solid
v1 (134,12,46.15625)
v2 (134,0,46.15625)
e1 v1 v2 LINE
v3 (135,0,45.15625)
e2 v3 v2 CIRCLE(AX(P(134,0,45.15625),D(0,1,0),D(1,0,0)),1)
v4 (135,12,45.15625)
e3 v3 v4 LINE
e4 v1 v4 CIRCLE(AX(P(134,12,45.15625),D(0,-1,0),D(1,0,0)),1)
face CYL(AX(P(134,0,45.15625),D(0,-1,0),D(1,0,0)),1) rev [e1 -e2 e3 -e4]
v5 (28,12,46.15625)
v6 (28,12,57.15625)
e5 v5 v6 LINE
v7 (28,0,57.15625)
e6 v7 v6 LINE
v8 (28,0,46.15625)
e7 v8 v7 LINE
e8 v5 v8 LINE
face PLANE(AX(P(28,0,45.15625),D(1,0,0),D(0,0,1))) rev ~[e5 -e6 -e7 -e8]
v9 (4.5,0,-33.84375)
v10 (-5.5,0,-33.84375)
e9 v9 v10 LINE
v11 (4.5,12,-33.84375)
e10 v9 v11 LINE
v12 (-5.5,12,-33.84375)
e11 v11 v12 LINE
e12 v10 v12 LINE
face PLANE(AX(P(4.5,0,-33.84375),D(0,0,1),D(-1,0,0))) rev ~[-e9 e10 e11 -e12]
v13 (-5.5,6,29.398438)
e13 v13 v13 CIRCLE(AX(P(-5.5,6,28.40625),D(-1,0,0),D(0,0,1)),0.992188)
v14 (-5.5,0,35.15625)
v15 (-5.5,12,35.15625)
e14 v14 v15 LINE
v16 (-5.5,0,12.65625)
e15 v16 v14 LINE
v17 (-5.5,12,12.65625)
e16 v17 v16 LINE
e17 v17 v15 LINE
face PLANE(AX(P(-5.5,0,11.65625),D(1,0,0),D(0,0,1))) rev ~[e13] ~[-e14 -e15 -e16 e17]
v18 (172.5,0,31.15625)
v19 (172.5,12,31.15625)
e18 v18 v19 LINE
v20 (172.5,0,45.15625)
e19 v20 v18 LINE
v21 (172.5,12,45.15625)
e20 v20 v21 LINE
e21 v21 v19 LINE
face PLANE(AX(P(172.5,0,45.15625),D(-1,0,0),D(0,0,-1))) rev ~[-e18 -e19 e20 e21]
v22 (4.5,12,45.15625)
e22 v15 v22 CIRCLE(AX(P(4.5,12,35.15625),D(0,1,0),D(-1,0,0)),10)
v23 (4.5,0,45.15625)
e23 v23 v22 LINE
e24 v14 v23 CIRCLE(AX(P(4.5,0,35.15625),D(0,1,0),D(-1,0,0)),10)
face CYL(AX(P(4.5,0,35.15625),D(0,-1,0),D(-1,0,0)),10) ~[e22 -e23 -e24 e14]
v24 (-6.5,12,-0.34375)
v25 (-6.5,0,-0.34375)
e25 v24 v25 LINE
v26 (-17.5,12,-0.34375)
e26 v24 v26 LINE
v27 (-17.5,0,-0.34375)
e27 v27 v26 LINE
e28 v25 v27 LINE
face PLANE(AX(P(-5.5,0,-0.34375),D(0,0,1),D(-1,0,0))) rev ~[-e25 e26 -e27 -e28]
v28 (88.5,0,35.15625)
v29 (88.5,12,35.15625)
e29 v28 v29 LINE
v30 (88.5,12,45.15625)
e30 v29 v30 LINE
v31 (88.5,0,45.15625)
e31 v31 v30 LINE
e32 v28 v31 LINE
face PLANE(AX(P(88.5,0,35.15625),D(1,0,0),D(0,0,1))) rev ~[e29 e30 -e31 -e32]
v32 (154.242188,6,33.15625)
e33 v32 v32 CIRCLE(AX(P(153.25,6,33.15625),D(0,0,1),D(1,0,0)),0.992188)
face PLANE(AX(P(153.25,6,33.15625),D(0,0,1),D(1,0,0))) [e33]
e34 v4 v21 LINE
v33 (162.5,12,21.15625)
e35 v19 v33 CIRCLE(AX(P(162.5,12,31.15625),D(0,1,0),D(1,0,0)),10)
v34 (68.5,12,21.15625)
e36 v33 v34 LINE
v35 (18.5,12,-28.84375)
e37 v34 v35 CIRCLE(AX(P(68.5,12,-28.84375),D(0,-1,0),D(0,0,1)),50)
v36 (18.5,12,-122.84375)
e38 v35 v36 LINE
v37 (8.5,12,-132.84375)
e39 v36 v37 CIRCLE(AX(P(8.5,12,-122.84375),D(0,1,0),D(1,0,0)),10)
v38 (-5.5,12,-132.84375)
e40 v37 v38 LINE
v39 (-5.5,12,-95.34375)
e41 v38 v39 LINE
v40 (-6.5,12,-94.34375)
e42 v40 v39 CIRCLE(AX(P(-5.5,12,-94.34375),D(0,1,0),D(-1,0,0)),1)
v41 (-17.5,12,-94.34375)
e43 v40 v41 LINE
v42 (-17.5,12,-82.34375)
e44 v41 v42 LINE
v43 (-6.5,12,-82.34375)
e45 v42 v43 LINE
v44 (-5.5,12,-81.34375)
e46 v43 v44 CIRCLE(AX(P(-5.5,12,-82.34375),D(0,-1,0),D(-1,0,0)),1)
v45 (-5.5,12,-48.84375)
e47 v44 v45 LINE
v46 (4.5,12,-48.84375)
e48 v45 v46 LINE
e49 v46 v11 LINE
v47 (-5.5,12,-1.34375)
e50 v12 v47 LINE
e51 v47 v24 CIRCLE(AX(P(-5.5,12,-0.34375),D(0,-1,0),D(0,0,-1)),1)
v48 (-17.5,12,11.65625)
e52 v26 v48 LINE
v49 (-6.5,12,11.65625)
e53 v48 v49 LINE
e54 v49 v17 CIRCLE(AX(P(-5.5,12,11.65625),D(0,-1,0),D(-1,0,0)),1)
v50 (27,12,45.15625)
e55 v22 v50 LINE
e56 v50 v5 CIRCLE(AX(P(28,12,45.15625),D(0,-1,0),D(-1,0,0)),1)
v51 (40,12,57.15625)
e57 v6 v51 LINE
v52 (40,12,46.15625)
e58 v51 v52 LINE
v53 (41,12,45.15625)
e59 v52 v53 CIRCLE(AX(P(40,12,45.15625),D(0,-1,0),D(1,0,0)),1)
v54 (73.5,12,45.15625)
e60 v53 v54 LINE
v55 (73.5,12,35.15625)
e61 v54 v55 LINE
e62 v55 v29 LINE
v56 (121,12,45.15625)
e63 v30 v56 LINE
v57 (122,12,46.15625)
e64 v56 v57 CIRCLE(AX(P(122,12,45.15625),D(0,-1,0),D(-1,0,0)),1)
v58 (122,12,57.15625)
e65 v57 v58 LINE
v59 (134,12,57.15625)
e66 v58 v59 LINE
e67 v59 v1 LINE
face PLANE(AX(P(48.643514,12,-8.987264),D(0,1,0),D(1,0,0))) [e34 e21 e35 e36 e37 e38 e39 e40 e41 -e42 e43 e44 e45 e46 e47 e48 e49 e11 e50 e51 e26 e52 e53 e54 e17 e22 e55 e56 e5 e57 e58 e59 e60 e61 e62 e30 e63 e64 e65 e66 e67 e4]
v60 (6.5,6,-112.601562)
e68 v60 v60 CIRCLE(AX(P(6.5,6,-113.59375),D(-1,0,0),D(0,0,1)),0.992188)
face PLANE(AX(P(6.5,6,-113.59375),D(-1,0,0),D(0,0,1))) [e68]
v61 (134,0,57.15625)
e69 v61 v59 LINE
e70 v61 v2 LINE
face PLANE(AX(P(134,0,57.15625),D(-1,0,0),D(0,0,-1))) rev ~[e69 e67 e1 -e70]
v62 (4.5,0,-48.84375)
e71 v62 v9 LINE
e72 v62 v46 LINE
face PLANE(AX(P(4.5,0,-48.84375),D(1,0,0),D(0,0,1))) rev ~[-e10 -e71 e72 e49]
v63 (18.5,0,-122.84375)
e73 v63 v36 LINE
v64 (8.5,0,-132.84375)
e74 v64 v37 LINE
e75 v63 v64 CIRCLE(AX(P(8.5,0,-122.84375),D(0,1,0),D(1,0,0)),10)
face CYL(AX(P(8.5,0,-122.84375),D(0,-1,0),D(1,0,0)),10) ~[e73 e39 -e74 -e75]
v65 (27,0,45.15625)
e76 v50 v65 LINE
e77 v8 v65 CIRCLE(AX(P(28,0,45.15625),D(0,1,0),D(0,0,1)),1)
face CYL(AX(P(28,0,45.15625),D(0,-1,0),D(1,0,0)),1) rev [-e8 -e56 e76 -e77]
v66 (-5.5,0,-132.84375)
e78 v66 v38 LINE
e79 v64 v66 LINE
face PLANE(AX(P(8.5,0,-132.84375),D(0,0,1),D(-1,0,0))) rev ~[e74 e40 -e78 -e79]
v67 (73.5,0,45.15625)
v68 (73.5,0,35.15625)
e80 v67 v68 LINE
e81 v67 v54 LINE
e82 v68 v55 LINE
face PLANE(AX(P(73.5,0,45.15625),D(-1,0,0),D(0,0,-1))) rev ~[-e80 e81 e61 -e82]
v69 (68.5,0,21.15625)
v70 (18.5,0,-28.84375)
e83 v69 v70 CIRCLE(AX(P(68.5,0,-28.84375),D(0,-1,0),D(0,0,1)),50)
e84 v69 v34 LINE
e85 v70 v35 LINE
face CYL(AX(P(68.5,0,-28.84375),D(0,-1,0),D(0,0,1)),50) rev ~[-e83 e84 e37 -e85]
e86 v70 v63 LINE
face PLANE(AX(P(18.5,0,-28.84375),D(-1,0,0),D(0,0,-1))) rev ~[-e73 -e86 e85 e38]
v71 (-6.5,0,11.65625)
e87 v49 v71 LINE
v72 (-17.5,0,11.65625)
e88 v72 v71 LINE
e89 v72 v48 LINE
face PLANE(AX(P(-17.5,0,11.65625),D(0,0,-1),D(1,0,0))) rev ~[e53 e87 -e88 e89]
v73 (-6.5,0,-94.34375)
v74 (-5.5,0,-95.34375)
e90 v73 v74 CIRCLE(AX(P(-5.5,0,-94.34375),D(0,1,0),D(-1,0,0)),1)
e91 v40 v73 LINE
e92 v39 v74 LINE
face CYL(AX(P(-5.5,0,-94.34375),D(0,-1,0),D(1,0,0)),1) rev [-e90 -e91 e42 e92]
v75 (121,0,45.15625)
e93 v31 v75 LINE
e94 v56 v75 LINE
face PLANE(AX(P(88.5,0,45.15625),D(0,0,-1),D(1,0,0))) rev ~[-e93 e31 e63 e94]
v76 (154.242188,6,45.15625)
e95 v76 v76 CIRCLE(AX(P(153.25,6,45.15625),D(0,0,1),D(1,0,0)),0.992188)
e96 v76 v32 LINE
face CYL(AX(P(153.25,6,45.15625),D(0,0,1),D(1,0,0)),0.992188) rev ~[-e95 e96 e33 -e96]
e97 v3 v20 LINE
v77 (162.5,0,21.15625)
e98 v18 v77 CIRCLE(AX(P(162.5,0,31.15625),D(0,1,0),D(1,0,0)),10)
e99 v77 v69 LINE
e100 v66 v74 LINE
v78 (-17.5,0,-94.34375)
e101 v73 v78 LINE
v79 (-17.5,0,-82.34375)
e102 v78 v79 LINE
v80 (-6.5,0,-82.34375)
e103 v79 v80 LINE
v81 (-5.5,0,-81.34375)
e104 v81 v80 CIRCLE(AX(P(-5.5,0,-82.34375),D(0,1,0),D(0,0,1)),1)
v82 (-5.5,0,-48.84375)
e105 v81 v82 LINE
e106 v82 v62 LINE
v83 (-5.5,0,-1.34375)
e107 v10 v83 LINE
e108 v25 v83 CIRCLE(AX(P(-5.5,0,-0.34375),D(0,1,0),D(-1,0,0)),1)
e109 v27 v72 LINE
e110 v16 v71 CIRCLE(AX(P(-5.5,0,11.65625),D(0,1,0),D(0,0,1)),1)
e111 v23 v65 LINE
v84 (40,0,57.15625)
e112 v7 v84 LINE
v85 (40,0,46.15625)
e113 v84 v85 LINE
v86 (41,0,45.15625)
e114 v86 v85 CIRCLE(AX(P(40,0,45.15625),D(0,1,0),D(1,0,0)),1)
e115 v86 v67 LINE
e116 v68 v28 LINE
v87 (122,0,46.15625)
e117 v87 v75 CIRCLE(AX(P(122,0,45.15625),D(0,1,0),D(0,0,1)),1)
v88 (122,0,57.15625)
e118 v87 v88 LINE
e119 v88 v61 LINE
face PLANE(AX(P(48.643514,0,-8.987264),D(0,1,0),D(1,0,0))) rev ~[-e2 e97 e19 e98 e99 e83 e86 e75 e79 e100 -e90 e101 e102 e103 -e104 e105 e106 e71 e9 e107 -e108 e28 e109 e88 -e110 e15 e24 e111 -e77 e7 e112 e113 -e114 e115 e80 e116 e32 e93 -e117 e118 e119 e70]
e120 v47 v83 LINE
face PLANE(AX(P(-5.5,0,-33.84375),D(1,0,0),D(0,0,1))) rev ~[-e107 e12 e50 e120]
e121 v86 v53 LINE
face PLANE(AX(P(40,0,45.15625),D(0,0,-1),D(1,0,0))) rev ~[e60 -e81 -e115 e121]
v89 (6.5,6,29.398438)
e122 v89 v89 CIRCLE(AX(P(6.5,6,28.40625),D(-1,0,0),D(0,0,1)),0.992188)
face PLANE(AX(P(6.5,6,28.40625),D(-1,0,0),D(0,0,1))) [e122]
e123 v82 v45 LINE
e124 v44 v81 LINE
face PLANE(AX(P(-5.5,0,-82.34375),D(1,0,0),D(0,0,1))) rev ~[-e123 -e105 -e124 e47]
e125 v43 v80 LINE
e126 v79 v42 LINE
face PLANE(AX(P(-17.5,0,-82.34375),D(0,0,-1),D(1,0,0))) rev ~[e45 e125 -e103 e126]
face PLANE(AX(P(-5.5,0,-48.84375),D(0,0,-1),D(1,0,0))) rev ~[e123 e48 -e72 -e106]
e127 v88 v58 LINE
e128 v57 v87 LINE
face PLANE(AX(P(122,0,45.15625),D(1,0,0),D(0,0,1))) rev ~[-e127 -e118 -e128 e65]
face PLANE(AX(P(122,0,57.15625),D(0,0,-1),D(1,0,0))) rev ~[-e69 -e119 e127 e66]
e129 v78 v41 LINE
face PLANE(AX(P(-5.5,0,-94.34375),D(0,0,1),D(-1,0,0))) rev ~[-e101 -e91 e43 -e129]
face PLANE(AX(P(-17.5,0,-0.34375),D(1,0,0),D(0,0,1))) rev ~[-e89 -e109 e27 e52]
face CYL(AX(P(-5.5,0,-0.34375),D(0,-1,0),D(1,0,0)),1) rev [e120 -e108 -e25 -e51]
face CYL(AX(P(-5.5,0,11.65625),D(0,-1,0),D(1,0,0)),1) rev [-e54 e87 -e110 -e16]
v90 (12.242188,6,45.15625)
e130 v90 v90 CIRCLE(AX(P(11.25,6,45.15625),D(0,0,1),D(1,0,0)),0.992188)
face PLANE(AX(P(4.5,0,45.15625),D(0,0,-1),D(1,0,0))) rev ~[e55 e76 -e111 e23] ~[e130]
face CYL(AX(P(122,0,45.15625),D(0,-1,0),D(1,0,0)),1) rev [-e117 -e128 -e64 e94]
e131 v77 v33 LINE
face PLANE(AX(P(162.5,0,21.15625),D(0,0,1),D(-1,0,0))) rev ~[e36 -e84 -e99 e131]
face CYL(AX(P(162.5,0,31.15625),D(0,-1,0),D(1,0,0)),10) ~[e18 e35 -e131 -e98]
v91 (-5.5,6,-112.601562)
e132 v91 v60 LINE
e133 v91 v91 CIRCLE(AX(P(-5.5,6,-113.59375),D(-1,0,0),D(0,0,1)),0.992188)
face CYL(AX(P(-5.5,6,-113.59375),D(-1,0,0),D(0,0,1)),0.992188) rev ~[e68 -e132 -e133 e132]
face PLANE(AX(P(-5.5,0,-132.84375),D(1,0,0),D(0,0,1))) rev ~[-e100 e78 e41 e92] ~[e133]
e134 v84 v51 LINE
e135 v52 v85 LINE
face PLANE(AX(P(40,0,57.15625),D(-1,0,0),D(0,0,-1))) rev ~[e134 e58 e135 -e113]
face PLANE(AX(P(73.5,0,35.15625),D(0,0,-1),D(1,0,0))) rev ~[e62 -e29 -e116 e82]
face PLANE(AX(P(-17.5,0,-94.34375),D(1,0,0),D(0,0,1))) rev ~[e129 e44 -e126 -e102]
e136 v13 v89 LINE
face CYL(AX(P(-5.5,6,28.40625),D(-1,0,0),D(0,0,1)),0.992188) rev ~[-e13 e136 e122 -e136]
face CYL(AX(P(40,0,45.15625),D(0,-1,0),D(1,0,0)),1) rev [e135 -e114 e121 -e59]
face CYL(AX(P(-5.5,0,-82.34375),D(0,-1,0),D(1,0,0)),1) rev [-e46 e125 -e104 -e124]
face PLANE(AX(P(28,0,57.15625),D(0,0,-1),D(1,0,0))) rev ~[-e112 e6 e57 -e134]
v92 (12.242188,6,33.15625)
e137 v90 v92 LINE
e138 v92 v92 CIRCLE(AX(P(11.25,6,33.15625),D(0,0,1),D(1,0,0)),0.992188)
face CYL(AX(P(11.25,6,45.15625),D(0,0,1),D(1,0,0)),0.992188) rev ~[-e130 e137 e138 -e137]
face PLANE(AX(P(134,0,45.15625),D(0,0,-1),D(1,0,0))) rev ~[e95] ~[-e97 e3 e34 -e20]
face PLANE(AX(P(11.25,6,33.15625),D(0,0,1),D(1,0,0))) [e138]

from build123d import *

# Parameters (mm, degrees)
BOSS_EXTRUDE1_DEPTH = 12
SKETCH2_R           = 0.9921875
CUT_EXTRUDE1_DEPTH  = 12
SKETCH3_R           = 0.9921875
CUT_EXTRUDE2_DEPTH  = 12
SKETCH4_R           = 1
CUT_EXTRUDE3_DEPTH  = 219.054378342


with BuildPart() as part:
    # Sketch1 → Boss-Extrude1 (new body)
    with BuildSketch(Plane(origin=(0, 0, 0), x_dir=(1, 0, 0), z_dir=(0, 1, 0))):
        with BuildLine():
            Line((-5.5, 132.84375), (-5.5, 94.34375))
            Line((-5.5, 94.34375), (-17.5, 94.34375))
            Line((-17.5, 94.34375), (-17.5, 82.34375))
            Line((-17.5, 82.34375), (-5.5, 82.34375))
            Line((-5.5, 82.34375), (-5.5, 48.84375))
            Line((-5.5, 48.84375), (4.5, 48.84375))
            Line((4.5, 48.84375), (4.5, 33.84375))
            Line((4.5, 33.84375), (-5.5, 33.84375))
            Line((-5.5, 33.84375), (-5.5, 0.34375))
            Line((-5.5, 0.34375), (-17.5, 0.34375))
            Line((-17.5, 0.34375), (-17.5, -11.65625))
            Line((-17.5, -11.65625), (-5.5, -11.65625))
            Line((-5.5, -11.65625), (-5.5, -35.15625))
            ThreePointArc((-5.5, -35.15625), (-2.571067812, -42.227317812), (4.5, -45.15625))
            Line((4.5, -45.15625), (28, -45.15625))
            Line((28, -45.15625), (28, -57.15625))
            Line((28, -57.15625), (40, -57.15625))
            Line((40, -57.15625), (40, -45.15625))
            Line((40, -45.15625), (73.5, -45.15625))
            Line((73.5, -45.15625), (73.5, -35.15625))
            Line((73.5, -35.15625), (88.5, -35.15625))
            Line((88.5, -35.15625), (88.5, -45.15625))
            Line((88.5, -45.15625), (122, -45.15625))
            Line((122, -45.15625), (122, -57.15625))
            Line((122, -57.15625), (134, -57.15625))
            Line((134, -57.15625), (134, -45.15625))
            Line((134, -45.15625), (172.5, -45.15625))
            Line((172.5, -45.15625), (172.5, -31.15625))
            ThreePointArc((172.5, -31.15625), (169.571067812, -24.085182188), (162.5, -21.15625))
            Line((162.5, -21.15625), (68.5, -21.15625))
            ThreePointArc((68.5, -21.15625), (33.144660941, -6.511589059), (18.5, 28.84375))
            Line((18.5, 28.84375), (18.5, 122.84375))
            ThreePointArc((18.5, 122.84375), (15.571067812, 129.914817812), (8.5, 132.84375))
            Line((8.5, 132.84375), (-5.5, 132.84375))
        make_face()
    extrude(amount=BOSS_EXTRUDE1_DEPTH)

    # Sketch2 → Cut-Extrude1 (cut)
    with BuildSketch(Plane.XY.offset(45.15625)):
        with Locations((153.25, 6)):
            Circle(SKETCH2_R)
        with Locations((11.25, 6)):
            Circle(SKETCH2_R)
    extrude(amount=-CUT_EXTRUDE1_DEPTH, mode=Mode.SUBTRACT)

    # Sketch3 → Cut-Extrude2 (cut)
    with BuildSketch(Plane.ZY.offset(5.5)):
        with Locations((28.40625, 6)):
            Circle(SKETCH3_R)
        with Locations((-113.59375, 6)):
            Circle(SKETCH3_R)
    extrude(amount=-CUT_EXTRUDE2_DEPTH, mode=Mode.SUBTRACT)

    # Sketch4 → Cut-Extrude3 (cut, through all)
    with BuildSketch(Plane(origin=(0, 0, 0), x_dir=(1, 0, 0), z_dir=(0, 1, 0))):
        with Locations((-5.5, 94.34375)):
            Circle(SKETCH4_R)
        with Locations((-5.5, 82.34375)):
            Circle(SKETCH4_R)
        with Locations((-5.5, 0.34375)):
            Circle(SKETCH4_R)
        with Locations((-5.5, -11.65625)):
            Circle(SKETCH4_R)
        with Locations((28, -45.15625)):
            Circle(SKETCH4_R)
        with Locations((40, -45.15625)):
            Circle(SKETCH4_R)
        with Locations((122, -45.15625)):
            Circle(SKETCH4_R)
        with Locations((134, -45.15625)):
            Circle(SKETCH4_R)
    extrude(amount=CUT_EXTRUDE3_DEPTH, mode=Mode.SUBTRACT)


solid = part.part
